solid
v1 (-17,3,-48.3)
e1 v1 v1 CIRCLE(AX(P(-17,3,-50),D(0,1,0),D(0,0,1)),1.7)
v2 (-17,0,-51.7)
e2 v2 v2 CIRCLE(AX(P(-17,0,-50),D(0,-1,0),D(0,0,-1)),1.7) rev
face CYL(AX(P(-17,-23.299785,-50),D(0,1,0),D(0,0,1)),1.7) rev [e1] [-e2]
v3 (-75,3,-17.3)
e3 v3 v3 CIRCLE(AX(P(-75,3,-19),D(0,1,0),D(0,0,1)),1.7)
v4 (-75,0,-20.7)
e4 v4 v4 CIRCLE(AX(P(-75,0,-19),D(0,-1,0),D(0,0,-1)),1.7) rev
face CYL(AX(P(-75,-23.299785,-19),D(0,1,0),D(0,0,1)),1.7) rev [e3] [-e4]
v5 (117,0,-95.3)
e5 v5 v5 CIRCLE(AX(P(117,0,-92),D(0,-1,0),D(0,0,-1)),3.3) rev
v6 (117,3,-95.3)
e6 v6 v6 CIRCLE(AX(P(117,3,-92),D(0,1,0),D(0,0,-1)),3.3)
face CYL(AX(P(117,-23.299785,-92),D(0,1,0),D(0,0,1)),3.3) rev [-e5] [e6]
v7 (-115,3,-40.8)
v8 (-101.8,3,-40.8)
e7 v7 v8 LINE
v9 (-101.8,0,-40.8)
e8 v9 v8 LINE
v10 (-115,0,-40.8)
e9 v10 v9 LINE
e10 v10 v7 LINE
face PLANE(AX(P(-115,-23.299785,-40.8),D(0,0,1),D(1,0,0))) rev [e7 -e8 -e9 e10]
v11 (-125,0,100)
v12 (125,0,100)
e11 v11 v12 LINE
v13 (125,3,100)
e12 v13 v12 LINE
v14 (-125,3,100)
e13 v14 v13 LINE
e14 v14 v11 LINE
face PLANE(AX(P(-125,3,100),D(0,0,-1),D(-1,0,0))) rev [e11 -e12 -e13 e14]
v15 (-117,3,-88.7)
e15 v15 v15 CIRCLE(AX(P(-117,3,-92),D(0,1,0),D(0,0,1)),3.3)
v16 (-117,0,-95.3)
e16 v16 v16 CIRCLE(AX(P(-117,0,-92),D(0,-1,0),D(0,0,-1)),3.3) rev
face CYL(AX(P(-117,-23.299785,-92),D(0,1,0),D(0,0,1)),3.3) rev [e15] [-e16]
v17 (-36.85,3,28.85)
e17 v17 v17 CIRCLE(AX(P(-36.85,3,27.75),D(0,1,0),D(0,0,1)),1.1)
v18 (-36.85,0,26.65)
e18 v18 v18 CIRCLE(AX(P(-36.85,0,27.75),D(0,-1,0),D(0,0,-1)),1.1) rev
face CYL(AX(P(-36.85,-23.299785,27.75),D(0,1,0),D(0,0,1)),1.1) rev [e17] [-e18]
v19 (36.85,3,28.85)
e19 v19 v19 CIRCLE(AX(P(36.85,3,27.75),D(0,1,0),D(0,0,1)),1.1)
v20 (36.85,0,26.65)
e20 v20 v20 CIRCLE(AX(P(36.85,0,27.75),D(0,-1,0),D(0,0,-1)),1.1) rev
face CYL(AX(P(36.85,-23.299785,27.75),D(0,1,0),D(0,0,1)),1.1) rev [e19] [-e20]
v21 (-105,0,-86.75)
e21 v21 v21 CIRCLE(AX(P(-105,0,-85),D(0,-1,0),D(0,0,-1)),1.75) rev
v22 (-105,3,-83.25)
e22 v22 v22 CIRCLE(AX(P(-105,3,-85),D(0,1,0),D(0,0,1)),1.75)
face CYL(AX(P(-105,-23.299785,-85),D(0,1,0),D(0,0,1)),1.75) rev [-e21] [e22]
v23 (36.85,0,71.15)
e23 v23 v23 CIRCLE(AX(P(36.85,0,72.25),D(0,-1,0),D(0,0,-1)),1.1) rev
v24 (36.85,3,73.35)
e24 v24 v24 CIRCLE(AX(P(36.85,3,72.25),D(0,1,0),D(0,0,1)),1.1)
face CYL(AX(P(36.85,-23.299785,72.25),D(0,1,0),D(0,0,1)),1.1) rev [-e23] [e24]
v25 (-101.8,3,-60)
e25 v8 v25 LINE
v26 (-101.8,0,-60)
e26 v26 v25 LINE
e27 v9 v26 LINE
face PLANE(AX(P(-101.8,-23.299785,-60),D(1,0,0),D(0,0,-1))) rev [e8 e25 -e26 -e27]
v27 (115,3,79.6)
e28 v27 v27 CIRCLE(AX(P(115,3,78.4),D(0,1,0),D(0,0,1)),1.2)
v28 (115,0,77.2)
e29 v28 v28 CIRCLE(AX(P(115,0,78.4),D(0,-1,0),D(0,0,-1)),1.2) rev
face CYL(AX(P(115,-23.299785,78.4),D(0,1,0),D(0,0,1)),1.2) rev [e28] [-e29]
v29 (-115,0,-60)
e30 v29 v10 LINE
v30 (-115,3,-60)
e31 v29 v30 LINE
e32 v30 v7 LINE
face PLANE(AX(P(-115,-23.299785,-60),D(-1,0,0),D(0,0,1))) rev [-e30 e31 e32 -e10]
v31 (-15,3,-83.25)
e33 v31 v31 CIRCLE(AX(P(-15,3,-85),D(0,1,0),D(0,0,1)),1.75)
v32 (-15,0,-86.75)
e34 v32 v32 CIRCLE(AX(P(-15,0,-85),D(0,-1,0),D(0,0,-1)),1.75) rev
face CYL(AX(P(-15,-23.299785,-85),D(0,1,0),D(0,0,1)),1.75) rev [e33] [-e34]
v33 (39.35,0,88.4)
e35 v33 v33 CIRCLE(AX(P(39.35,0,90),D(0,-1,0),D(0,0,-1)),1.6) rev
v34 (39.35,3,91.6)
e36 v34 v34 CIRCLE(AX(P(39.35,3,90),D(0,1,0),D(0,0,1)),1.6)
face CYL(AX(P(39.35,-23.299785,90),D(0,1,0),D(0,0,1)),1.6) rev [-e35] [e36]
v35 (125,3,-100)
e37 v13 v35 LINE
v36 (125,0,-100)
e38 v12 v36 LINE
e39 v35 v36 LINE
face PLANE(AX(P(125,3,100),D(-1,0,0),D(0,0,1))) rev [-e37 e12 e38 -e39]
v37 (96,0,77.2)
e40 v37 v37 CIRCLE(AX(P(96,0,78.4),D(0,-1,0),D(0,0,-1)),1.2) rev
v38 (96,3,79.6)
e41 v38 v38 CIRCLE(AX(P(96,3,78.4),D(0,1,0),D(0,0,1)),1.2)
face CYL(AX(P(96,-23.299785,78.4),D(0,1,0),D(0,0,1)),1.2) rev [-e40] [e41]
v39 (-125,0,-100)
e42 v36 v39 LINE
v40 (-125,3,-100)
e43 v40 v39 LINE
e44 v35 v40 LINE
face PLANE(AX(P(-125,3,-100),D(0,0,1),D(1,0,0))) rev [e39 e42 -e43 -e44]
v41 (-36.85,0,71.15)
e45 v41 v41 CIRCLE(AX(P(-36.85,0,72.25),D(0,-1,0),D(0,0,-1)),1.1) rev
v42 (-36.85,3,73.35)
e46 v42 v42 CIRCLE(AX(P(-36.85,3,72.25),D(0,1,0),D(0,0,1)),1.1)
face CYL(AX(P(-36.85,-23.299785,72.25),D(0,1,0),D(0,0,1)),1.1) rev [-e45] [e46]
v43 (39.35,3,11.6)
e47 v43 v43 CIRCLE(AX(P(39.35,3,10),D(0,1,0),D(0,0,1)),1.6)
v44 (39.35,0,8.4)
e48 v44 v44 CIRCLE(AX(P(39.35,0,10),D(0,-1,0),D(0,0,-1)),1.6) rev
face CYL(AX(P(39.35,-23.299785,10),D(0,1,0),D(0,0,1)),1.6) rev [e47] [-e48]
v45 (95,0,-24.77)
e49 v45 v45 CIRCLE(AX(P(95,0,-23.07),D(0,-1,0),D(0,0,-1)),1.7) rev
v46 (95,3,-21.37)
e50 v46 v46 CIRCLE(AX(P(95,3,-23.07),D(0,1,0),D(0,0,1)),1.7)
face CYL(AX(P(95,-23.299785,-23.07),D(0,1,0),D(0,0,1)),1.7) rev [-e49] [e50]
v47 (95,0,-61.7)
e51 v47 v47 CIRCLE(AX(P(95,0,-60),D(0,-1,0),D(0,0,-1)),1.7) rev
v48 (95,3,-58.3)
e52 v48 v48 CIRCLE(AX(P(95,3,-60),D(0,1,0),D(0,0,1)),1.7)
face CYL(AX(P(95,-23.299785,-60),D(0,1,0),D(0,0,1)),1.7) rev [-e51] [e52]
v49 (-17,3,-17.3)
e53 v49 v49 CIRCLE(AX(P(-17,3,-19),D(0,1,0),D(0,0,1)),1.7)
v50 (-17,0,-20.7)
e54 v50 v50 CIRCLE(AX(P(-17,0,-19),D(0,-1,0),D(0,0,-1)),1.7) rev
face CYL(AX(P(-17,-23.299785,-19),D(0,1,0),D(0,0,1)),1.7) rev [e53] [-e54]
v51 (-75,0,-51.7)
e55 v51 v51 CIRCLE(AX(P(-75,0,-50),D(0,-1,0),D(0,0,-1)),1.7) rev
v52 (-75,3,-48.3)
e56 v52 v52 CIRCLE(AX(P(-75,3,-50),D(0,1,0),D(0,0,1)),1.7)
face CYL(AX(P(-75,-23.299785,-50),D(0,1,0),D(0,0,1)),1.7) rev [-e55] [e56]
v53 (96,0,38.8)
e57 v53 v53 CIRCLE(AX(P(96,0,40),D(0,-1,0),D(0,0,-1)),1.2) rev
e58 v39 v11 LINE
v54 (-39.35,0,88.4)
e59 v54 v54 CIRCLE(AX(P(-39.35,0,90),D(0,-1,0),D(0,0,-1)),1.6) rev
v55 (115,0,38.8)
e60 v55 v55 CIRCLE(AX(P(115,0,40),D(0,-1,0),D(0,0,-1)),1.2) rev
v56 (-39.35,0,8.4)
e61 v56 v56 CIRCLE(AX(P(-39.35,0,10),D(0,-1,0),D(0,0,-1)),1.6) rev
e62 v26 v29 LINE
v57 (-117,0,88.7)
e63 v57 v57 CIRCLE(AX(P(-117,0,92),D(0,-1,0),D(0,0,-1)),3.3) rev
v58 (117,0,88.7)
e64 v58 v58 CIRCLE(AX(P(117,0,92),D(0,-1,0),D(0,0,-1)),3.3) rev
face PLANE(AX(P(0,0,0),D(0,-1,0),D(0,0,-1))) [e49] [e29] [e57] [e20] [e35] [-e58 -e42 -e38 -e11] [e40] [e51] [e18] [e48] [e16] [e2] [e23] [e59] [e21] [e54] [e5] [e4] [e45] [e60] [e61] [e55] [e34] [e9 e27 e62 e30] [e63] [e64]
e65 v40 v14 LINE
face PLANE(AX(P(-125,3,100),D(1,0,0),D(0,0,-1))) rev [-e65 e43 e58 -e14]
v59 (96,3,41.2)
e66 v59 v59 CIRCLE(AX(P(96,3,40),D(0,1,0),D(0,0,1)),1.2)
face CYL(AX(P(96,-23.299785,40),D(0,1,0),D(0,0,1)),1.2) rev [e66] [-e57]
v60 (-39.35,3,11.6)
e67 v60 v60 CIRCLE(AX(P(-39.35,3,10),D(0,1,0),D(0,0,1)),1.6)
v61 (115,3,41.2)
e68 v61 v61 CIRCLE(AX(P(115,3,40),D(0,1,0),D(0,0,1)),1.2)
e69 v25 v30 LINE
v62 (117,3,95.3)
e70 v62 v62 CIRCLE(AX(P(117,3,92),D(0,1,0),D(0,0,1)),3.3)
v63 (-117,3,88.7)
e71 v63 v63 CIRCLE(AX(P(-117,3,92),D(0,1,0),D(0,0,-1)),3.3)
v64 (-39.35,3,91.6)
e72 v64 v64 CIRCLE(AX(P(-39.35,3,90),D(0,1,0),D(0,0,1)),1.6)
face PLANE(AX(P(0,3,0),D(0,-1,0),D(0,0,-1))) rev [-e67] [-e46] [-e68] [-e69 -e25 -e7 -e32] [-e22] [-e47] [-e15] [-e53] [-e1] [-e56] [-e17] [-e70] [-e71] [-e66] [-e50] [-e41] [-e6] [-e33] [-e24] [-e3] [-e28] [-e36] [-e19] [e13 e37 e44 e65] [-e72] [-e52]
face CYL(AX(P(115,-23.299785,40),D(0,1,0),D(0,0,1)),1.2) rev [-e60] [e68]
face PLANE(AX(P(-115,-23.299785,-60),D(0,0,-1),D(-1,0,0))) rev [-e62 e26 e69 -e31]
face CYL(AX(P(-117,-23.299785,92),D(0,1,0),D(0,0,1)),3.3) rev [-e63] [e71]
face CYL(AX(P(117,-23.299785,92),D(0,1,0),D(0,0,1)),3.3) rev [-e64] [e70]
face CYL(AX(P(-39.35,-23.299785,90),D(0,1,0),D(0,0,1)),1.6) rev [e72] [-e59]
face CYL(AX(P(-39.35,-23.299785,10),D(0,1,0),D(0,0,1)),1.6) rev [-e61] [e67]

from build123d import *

# Parameters (mm, degrees)
SKETCH2_W           = 250
SKETCH2_H           = 200
BOSS_EXTRUDE2_DEPTH = 3
SKETCH3_R           = 1.75
SKETCH3_R_2         = 3.3
SKETCH3_R_3         = 1.7
SKETCH3_R_4         = 1.2
SKETCH3_R_5         = 1.6
SKETCH3_R_6         = 1.1
SKETCH3_W           = 13.2
SKETCH3_H           = 19.2
CUT_EXTRUDE1_DEPTH  = 3


with BuildPart() as part:
    # Sketch2 → Boss-Extrude2 (new body)
    with BuildSketch(Plane(origin=(0, 0, 0), x_dir=(1, 0, 0), z_dir=(0, 1, 0))):
        Rectangle(SKETCH2_W, SKETCH2_H)
    extrude(amount=BOSS_EXTRUDE2_DEPTH)

    # Sketch3 → Cut-Extrude1 (cut)
    with BuildSketch(Plane(origin=(0, 3, 0), x_dir=(1, 0, 0), z_dir=(0, 1, 0))):
        with Locations(Location((-105, 85, 0), (0, 0, 270))):
            Circle(SKETCH3_R)
        with Locations(Location((-15, 85, 0), (0, 0, 270))):
            Circle(SKETCH3_R)
        with Locations(Location((-117, 92, 0), (0, 0, 270))):
            Circle(SKETCH3_R_2)
        with Locations(Location((-117, -92, 0), (0, 0, 90))):
            Circle(SKETCH3_R_2)
        with Locations(Location((117, 92, 0), (0, 0, 90))):
            Circle(SKETCH3_R_2)
        with Locations(Location((117, -92, 0), (0, 0, 270))):
            Circle(SKETCH3_R_2)
        with Locations(Location((-75, 50, 0), (0, 0, 270))):
            Circle(SKETCH3_R_3)
        with Locations(Location((-17, 50, 0), (0, 0, 270))):
            Circle(SKETCH3_R_3)
        with Locations(Location((-75, 19, 0), (0, 0, 270))):
            Circle(SKETCH3_R_3)
        with Locations(Location((-17, 19, 0), (0, 0, 270))):
            Circle(SKETCH3_R_3)
        with Locations(Location((95, 60, 0), (0, 0, 270))):
            Circle(SKETCH3_R_3)
        with Locations(Location((95, 23.07, 0), (0, 0, 270))):
            Circle(SKETCH3_R_3)
        with Locations(Location((96, -40, 0), (0, 0, 270))):
            Circle(SKETCH3_R_4)
        with Locations(Location((115, -40, 0), (0, 0, 270))):
            Circle(SKETCH3_R_4)
        with Locations(Location((115, -78.4, 0), (0, 0, 270))):
            Circle(SKETCH3_R_4)
        with Locations(Location((96, -78.4, 0), (0, 0, 270))):
            Circle(SKETCH3_R_4)
        with Locations(Location((-39.35, -10, 0), (0, 0, 270))):
            Circle(SKETCH3_R_5)
        with Locations(Location((39.35, -10, 0), (0, 0, 270))):
            Circle(SKETCH3_R_5)
        with Locations(Location((-39.35, -90, 0), (0, 0, 270))):
            Circle(SKETCH3_R_5)
        with Locations(Location((39.35, -90, 0), (0, 0, 270))):
            Circle(SKETCH3_R_5)
        with Locations(Location((-36.85, -27.75, 0), (0, 0, 270))):
            Circle(SKETCH3_R_6)
        with Locations(Location((36.85, -27.75, 0), (0, 0, 270))):
            Circle(SKETCH3_R_6)
        with Locations(Location((36.85, -72.25, 0), (0, 0, 270))):
            Circle(SKETCH3_R_6)
        with Locations(Location((-36.85, -72.25, 0), (0, 0, 270))):
            Circle(SKETCH3_R_6)
        with Locations((-108.4, 50.4)):
            Rectangle(SKETCH3_W, SKETCH3_H)
    extrude(amount=-CUT_EXTRUDE1_DEPTH, mode=Mode.SUBTRACT)


solid = part.part
